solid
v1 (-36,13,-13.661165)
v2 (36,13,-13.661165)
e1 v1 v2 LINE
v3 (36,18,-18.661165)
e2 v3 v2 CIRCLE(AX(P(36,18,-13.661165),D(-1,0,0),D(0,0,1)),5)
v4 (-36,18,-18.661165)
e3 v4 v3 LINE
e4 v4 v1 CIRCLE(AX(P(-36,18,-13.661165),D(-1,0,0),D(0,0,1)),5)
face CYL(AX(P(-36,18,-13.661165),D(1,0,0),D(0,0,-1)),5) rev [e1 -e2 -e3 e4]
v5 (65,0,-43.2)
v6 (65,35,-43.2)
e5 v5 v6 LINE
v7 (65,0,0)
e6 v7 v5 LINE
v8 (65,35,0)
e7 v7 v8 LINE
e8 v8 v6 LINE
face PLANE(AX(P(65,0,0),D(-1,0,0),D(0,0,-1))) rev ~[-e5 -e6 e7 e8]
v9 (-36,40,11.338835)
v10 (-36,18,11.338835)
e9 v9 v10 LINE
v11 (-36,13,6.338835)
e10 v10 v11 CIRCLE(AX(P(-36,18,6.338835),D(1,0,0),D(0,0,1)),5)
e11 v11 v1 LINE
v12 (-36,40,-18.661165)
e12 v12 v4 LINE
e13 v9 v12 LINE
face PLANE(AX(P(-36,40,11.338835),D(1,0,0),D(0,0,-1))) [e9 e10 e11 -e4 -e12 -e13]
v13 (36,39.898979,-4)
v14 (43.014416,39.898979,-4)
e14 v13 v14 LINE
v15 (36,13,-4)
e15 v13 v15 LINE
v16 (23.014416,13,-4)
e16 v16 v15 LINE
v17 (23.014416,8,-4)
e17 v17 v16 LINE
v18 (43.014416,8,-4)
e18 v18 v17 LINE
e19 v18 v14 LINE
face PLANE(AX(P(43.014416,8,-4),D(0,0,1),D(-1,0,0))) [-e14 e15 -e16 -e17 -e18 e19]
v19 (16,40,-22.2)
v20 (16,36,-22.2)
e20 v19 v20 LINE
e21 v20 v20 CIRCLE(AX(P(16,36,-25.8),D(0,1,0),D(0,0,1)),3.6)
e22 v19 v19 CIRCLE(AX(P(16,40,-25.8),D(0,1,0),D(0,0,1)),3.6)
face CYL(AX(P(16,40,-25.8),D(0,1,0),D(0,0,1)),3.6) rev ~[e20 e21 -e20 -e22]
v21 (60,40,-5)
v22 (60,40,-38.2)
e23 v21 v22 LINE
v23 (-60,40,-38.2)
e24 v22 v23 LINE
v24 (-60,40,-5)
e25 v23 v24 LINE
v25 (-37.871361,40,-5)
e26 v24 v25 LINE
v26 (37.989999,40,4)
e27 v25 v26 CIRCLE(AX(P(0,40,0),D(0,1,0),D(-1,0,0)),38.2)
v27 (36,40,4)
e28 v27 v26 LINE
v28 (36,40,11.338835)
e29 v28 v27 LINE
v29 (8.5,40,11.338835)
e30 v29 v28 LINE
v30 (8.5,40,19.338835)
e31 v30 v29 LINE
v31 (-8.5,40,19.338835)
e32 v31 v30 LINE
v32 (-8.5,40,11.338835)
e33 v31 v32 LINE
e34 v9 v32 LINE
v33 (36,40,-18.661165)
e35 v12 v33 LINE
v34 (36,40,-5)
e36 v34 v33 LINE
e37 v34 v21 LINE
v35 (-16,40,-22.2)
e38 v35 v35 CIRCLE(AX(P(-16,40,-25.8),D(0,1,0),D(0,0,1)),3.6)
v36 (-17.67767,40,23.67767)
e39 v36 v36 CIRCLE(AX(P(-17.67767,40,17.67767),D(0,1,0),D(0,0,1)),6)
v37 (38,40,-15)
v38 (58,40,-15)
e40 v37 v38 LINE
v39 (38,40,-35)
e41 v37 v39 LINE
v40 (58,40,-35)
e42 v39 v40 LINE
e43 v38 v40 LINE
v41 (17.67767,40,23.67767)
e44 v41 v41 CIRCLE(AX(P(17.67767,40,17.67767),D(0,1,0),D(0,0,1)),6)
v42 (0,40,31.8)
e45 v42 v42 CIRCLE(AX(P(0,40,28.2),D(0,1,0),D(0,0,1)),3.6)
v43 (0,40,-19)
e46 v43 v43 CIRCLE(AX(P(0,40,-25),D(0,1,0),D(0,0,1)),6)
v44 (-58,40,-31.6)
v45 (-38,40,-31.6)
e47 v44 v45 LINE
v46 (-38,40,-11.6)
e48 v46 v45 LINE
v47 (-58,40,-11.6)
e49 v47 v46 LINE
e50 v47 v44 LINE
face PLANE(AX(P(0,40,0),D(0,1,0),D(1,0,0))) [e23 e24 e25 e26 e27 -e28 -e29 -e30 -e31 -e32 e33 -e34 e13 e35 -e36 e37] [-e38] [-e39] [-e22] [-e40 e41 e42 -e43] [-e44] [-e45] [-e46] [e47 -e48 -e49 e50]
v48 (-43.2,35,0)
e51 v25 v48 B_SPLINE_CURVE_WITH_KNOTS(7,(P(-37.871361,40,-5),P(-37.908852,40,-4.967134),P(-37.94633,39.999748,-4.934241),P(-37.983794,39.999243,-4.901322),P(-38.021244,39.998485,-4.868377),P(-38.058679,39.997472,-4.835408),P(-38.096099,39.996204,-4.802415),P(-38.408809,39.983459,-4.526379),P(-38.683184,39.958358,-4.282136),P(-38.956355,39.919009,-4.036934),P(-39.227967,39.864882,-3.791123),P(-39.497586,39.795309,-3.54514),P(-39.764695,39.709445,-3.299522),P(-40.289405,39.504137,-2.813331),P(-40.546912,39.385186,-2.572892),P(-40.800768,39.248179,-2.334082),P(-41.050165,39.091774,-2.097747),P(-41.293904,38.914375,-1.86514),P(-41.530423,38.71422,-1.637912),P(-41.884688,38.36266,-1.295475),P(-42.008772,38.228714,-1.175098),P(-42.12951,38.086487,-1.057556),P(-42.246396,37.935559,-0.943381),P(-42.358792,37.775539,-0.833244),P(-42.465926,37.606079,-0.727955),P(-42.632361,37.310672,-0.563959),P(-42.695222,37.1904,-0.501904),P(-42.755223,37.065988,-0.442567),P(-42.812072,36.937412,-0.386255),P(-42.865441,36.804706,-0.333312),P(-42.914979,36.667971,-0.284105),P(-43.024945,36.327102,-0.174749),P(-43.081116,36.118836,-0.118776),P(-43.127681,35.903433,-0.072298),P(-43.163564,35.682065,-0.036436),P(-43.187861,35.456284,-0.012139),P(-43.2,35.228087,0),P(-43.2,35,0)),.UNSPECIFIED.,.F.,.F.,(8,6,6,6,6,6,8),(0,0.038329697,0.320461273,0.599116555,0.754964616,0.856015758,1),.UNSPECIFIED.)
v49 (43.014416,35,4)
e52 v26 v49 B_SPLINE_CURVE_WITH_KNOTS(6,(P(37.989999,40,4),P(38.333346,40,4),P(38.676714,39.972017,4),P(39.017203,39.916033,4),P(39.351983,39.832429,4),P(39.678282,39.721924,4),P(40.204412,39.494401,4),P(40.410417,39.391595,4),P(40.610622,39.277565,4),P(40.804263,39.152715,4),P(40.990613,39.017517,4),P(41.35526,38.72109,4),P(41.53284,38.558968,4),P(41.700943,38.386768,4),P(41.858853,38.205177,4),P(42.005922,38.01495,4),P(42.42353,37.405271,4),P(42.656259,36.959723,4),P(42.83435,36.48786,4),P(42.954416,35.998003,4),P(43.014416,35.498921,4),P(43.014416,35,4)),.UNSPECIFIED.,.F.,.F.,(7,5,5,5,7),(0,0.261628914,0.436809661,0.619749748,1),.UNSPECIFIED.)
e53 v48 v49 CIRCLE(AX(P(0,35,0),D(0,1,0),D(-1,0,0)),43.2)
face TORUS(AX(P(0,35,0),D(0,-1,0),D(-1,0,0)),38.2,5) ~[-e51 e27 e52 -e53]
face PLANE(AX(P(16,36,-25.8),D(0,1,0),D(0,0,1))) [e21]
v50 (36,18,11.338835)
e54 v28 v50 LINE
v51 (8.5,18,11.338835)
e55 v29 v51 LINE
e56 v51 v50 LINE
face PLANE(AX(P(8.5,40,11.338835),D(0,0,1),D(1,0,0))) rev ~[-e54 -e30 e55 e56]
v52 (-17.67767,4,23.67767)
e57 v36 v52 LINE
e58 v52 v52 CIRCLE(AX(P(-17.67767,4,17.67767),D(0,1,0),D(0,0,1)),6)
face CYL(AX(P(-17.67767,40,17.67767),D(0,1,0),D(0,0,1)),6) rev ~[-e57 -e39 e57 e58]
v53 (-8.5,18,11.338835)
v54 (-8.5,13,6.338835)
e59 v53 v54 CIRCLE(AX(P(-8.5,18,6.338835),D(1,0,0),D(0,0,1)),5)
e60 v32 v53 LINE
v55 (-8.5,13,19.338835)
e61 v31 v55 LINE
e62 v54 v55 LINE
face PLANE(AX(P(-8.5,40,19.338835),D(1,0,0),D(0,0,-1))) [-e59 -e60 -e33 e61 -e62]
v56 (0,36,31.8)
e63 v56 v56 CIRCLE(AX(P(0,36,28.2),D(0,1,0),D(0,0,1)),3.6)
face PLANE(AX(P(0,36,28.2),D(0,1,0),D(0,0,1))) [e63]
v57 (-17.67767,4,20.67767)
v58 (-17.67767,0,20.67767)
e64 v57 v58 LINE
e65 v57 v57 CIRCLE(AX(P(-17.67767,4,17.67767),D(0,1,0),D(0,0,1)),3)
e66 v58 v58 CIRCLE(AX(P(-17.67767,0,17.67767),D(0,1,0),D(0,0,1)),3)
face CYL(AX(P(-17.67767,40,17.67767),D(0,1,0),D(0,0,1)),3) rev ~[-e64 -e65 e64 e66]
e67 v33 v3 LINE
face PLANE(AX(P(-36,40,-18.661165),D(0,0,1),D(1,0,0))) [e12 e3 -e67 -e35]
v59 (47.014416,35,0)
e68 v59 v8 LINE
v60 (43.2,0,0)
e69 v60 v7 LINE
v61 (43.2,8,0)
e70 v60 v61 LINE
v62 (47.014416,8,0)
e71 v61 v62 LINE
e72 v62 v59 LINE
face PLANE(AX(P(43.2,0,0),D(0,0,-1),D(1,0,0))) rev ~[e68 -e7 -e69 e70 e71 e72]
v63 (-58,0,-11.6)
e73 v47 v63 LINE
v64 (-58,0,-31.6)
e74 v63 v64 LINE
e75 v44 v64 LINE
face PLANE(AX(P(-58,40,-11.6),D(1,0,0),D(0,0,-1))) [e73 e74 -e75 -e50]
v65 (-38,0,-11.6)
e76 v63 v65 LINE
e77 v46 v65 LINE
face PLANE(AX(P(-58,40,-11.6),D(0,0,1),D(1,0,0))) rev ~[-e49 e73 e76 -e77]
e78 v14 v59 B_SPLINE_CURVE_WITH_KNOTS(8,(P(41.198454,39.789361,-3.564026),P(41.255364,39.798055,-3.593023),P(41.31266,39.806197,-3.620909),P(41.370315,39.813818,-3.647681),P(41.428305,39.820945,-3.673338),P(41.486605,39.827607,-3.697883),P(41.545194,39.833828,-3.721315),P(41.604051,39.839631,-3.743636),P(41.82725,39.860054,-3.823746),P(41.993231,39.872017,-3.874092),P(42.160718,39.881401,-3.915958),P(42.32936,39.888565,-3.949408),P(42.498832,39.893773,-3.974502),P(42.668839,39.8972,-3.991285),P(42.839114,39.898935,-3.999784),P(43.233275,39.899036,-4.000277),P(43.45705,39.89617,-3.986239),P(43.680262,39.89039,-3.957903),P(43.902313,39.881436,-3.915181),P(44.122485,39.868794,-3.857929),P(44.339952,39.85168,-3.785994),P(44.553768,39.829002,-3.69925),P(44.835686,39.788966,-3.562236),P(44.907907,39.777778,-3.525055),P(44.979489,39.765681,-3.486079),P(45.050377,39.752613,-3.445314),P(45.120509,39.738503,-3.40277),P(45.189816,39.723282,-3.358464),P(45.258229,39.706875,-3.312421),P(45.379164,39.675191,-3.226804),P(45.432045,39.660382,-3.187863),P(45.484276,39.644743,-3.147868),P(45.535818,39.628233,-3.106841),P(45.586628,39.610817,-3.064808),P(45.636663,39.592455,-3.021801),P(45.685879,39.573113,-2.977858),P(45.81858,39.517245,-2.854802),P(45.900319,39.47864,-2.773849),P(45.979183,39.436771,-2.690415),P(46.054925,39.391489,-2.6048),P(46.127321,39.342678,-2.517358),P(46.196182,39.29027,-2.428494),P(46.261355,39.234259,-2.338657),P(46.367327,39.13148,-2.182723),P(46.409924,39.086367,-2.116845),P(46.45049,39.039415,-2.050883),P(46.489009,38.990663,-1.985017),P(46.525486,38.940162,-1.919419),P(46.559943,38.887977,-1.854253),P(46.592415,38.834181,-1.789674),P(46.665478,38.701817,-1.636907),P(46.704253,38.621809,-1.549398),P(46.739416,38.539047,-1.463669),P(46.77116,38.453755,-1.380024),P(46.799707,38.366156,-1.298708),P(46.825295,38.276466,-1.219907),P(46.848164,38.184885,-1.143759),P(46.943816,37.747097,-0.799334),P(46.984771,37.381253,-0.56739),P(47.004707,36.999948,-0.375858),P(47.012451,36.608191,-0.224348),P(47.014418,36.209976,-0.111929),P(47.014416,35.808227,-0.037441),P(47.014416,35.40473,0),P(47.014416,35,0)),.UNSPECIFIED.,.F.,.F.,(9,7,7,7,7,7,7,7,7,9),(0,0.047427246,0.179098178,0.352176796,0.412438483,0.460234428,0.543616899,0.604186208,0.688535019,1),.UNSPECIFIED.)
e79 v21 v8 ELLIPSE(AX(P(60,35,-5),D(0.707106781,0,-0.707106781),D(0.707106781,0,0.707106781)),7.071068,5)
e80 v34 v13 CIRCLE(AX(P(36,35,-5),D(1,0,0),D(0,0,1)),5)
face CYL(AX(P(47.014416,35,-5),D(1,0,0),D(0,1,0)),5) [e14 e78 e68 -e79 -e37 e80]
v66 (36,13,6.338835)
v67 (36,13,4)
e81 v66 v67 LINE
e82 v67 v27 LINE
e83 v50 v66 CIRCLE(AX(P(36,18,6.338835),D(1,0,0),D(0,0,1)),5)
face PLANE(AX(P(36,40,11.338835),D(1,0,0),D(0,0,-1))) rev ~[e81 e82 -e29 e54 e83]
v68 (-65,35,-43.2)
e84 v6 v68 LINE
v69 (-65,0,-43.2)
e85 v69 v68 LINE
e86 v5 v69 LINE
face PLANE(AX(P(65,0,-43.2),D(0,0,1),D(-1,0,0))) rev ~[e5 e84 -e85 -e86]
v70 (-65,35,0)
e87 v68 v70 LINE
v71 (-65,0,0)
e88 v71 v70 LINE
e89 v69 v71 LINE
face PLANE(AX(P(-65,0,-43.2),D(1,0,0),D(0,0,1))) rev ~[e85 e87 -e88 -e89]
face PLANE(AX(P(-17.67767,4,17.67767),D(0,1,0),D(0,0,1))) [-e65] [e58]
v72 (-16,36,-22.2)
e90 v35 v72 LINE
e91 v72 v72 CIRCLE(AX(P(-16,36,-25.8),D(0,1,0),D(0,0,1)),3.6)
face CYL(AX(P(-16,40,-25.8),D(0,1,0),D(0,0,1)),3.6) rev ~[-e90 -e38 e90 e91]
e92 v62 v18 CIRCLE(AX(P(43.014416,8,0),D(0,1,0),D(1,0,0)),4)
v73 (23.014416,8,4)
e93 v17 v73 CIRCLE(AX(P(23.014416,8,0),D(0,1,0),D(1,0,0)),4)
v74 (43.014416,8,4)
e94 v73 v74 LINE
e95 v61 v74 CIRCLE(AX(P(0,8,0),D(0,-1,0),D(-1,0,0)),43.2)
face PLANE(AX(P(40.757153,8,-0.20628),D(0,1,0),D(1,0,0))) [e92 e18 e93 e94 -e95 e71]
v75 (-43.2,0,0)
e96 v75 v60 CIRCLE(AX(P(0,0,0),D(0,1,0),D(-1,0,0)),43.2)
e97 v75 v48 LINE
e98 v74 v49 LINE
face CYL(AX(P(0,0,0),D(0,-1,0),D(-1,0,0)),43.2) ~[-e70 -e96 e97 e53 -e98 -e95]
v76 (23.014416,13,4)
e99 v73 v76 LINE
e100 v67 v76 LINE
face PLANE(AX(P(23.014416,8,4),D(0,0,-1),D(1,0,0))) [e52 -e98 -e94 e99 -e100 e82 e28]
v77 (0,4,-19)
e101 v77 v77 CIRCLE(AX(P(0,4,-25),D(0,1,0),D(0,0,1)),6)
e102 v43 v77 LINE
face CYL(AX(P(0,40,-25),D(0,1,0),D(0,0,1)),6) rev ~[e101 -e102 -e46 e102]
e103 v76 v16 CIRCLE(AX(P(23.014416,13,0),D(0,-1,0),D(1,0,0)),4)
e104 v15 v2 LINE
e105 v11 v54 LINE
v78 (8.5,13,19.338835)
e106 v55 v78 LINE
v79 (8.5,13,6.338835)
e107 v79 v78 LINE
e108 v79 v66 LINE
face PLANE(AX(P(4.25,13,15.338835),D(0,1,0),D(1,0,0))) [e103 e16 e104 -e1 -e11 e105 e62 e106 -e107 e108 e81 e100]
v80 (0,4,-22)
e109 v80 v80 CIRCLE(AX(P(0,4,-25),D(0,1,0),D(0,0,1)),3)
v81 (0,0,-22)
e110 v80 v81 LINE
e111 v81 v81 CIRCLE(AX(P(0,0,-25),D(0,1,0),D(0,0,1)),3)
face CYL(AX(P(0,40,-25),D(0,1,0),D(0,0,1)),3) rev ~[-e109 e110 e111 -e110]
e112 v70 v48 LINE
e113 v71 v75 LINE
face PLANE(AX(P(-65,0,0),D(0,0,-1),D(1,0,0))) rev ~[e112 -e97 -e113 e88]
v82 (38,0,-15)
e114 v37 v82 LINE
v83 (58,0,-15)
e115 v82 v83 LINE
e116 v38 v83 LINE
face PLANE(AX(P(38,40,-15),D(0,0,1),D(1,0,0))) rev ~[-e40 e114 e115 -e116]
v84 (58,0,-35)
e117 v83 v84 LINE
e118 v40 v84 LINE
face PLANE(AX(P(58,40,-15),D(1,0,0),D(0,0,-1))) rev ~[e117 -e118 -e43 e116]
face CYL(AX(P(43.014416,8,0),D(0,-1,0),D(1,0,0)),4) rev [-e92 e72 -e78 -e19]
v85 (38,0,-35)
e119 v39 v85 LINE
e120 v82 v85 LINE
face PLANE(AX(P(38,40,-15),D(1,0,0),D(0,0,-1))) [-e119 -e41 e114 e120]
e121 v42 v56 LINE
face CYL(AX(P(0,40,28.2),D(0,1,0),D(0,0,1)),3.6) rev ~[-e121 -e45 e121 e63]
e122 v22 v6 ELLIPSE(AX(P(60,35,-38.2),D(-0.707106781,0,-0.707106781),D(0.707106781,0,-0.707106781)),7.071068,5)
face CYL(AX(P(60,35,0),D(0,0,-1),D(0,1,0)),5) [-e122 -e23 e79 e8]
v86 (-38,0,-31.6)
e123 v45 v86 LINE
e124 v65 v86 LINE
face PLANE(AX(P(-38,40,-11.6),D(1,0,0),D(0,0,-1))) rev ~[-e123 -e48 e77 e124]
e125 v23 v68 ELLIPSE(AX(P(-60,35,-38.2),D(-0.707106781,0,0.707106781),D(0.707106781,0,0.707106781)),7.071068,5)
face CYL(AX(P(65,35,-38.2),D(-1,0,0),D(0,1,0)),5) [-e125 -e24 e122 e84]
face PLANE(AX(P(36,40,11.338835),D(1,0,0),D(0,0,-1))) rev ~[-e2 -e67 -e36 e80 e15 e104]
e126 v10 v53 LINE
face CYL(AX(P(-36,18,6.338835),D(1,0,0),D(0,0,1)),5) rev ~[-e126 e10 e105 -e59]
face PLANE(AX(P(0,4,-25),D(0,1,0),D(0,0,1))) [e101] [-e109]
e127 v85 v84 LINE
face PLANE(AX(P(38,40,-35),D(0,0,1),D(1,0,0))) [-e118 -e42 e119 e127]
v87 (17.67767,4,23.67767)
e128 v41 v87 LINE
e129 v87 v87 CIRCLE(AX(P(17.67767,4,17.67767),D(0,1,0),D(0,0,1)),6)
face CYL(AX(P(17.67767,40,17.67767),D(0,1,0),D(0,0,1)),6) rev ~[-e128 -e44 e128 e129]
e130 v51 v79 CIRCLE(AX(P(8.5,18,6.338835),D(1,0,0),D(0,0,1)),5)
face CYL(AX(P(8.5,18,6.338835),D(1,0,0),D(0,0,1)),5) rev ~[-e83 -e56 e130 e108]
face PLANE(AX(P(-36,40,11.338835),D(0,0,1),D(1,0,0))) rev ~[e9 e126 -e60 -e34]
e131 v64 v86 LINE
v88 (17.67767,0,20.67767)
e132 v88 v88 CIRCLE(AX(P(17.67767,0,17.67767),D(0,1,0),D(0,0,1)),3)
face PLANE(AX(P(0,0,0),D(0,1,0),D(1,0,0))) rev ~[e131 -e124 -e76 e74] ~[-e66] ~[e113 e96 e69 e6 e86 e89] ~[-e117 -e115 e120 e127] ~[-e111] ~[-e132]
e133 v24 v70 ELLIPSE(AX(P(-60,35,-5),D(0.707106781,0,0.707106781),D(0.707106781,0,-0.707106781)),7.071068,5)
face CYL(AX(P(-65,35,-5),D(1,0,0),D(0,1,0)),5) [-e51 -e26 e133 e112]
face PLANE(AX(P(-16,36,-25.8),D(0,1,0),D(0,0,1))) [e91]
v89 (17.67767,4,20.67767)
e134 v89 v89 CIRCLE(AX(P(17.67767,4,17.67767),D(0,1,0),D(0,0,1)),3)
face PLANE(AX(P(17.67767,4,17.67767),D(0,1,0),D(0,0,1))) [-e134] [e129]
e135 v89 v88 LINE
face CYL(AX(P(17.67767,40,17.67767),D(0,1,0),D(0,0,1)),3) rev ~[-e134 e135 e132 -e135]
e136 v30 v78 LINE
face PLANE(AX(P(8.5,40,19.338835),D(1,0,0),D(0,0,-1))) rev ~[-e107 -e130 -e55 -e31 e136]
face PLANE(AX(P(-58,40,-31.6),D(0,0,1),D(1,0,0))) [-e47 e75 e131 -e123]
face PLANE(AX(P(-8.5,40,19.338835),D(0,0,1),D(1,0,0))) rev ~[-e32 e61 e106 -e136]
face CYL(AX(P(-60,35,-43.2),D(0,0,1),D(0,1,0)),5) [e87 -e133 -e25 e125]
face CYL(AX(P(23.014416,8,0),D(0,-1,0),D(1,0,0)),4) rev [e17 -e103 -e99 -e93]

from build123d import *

# Parameters (mm, degrees)
SKETCH1_R           = 43.2
BOSS_EXTRUDE1_DEPTH = 40
SKETCH2_R           = 3
SKETCH2_W           = 20
SKETCH2_H           = 20
CUT_EXTRUDE1_DEPTH  = 50
SKETCH3_W           = 8.5
SKETCH3_H           = 8
SKETCH3_W_2         = 72
SKETCH3_H_2         = 30
CUT_EXTRUDE2_DEPTH  = 27
FILLET1_R           = 5
CUT_EXTRUDE3_START  = -32
SKETCH4_R           = 4
CUT_EXTRUDE3_DEPTH  = 32
SKETCH5_R           = 3.6
CUT_EXTRUDE4_DEPTH  = 4
FILLET3_R           = 5
SKETCH7_R           = 6
CUT_EXTRUDE5_DEPTH  = 36


with BuildPart() as part:
    # Sketch1 → Boss-Extrude1 (new body)
    with BuildSketch(Plane(origin=(0, 0, 0), x_dir=(1, 0, 0), z_dir=(0, 1, 0))):
        Circle(SKETCH1_R)
        with BuildLine():
            Line((0, 43.2), (-65, 43.2))
            Line((-65, 43.2), (-65, 0))
            Line((-65, 0), (-43.2, 0))
            ThreePointArc((-43.2, 0), (-30.547012947, 30.547012947), (0, 43.2))
        make_face()
        with BuildLine():
            Line((65, 43.2), (0, 43.2))
            ThreePointArc((0, 43.2), (30.547012947, 30.547012947), (43.2, 0))
            Line((43.2, 0), (65, 0))
            Line((65, 0), (65, 43.2))
        make_face()
    extrude(amount=BOSS_EXTRUDE1_DEPTH)

    # Sketch2 → Cut-Extrude1 (cut)
    with BuildSketch(Plane(origin=(0, 40, 0), x_dir=(1, 0, 0), z_dir=(0, 1, 0))):
        with Locations(Location((0, 25, 0), (0, 0, 270))):
            Circle(SKETCH2_R)
        with Locations(Location((17.67766953, -17.67766953, 0), (0, 0, 270))):
            Circle(SKETCH2_R)
        with Locations(Location((-17.67766953, -17.67766953, 0), (0, 0, 270))):
            Circle(SKETCH2_R)
        with Locations((48, 25)):
            Rectangle(SKETCH2_W, SKETCH2_H)
        with Locations((-48, 21.6)):
            Rectangle(SKETCH2_W, SKETCH2_H)
    extrude(amount=-CUT_EXTRUDE1_DEPTH, mode=Mode.SUBTRACT)

    # Sketch3 → Cut-Extrude2 (cut)
    with BuildSketch(Plane(origin=(0, 40, 0), x_dir=(1, 0, 0), z_dir=(0, 1, 0))):
        with Locations((4.25, -15.338834765)):
            Rectangle(SKETCH3_W, SKETCH3_H)
        with Locations((-4.25, -15.338834765)):
            Rectangle(SKETCH3_W, SKETCH3_H)
        with Locations((0, 3.661165235)):
            Rectangle(SKETCH3_W_2, SKETCH3_H_2)
    extrude(amount=-CUT_EXTRUDE2_DEPTH, mode=Mode.SUBTRACT)

    # Fillet1
    fillet1_edges = [part.edges().sort_by_distance(p)[0] for p in [
        (-22.25, 13, 11.338834765),
        (22.25, 13, 11.338834765),
        (0, 13, -18.661165235),
    ]]
    fillet(fillet1_edges, radius=FILLET1_R)

    # Sketch4 → Cut-Extrude3 (cut)
    with BuildSketch(Plane(origin=(0, 40, 0), x_dir=(1, 0, 0), z_dir=(0, 1, 0)).offset(CUT_EXTRUDE3_START)):
        with BuildLine():
            Line((43.014416188, 4), (36, 4))
            Line((36, 4), (36, -4))
            Line((36, -4), (43.014416188, -4))
            ThreePointArc((43.014416188, -4), (43.153579106, -2.002151427), (43.2, 0))
            Line((43.2, 0), (47.014416188, 0))
            ThreePointArc((47.014416188, 0), (45.842843313, 2.828427125), (43.014416188, 4))
        make_face()
        with BuildLine():
            Line((36, 4), (23.014416188, 4))
            ThreePointArc((23.014416188, 4), (25.842843313, 2.828427125), (27.014416188, 0))
            ThreePointArc((27.014416188, 0), (25.842843313, -2.828427125), (23.014416188, -4))
            Line((23.014416188, -4), (36, -4))
            Line((36, -4), (36, 4))
        make_face()
        with Locations((23.014416188, 0)):
            Circle(SKETCH4_R)
        with BuildLine():
            ThreePointArc((43.014416188, -4), (45.842843313, -2.828427125), (47.014416188, 0))
            Line((47.014416188, 0), (43.2, 0))
            ThreePointArc((43.2, 0), (43.153579106, -2.002151427), (43.014416188, -4))
        make_face()
    extrude(amount=CUT_EXTRUDE3_DEPTH, mode=Mode.SUBTRACT)

    # Sketch5 → Cut-Extrude4 (cut)
    with BuildSketch(Plane(origin=(0, 40, 0), x_dir=(1, 0, 0), z_dir=(0, 1, 0))):
        with Locations(Location((16, 25.8, 0), (0, 0, 270))):
            Circle(SKETCH5_R)
        with Locations(Location((-16, 25.8, 0), (0, 0, 270))):
            Circle(SKETCH5_R)
        with Locations(Location((0, -28.2, 0), (0, 0, 270))):
            Circle(SKETCH5_R)
    extrude(amount=-CUT_EXTRUDE4_DEPTH, mode=Mode.SUBTRACT)

    # Fillet3
    fillet3_edges = [part.edges().sort_by_distance(p)[0] for p in [
        (-2.002151427, 40, 43.153579106),
        (56.007208094, 40, 0),
        (-54.1, 40, 0),
        (-65, 40, -21.6),
        (65, 40, -21.6),
        (0, 40, -43.2),
    ]]
    fillet(fillet3_edges, radius=FILLET3_R)

    # Sketch7 → Cut-Extrude5 (cut)
    with BuildSketch(Plane(origin=(0, 40, 0), x_dir=(1, 0, 0), z_dir=(0, 1, 0))):
        with Locations(Location((0, 25, 0), (0, 0, 270))):
            Circle(SKETCH7_R)
        with Locations(Location((17.67766953, -17.67766953, 0), (0, 0, 270))):
            Circle(SKETCH7_R)
        with Locations(Location((-17.67766953, -17.67766953, 0), (0, 0, 270))):
            Circle(SKETCH7_R)
    extrude(amount=-CUT_EXTRUDE5_DEPTH, mode=Mode.SUBTRACT)


solid = part.part
